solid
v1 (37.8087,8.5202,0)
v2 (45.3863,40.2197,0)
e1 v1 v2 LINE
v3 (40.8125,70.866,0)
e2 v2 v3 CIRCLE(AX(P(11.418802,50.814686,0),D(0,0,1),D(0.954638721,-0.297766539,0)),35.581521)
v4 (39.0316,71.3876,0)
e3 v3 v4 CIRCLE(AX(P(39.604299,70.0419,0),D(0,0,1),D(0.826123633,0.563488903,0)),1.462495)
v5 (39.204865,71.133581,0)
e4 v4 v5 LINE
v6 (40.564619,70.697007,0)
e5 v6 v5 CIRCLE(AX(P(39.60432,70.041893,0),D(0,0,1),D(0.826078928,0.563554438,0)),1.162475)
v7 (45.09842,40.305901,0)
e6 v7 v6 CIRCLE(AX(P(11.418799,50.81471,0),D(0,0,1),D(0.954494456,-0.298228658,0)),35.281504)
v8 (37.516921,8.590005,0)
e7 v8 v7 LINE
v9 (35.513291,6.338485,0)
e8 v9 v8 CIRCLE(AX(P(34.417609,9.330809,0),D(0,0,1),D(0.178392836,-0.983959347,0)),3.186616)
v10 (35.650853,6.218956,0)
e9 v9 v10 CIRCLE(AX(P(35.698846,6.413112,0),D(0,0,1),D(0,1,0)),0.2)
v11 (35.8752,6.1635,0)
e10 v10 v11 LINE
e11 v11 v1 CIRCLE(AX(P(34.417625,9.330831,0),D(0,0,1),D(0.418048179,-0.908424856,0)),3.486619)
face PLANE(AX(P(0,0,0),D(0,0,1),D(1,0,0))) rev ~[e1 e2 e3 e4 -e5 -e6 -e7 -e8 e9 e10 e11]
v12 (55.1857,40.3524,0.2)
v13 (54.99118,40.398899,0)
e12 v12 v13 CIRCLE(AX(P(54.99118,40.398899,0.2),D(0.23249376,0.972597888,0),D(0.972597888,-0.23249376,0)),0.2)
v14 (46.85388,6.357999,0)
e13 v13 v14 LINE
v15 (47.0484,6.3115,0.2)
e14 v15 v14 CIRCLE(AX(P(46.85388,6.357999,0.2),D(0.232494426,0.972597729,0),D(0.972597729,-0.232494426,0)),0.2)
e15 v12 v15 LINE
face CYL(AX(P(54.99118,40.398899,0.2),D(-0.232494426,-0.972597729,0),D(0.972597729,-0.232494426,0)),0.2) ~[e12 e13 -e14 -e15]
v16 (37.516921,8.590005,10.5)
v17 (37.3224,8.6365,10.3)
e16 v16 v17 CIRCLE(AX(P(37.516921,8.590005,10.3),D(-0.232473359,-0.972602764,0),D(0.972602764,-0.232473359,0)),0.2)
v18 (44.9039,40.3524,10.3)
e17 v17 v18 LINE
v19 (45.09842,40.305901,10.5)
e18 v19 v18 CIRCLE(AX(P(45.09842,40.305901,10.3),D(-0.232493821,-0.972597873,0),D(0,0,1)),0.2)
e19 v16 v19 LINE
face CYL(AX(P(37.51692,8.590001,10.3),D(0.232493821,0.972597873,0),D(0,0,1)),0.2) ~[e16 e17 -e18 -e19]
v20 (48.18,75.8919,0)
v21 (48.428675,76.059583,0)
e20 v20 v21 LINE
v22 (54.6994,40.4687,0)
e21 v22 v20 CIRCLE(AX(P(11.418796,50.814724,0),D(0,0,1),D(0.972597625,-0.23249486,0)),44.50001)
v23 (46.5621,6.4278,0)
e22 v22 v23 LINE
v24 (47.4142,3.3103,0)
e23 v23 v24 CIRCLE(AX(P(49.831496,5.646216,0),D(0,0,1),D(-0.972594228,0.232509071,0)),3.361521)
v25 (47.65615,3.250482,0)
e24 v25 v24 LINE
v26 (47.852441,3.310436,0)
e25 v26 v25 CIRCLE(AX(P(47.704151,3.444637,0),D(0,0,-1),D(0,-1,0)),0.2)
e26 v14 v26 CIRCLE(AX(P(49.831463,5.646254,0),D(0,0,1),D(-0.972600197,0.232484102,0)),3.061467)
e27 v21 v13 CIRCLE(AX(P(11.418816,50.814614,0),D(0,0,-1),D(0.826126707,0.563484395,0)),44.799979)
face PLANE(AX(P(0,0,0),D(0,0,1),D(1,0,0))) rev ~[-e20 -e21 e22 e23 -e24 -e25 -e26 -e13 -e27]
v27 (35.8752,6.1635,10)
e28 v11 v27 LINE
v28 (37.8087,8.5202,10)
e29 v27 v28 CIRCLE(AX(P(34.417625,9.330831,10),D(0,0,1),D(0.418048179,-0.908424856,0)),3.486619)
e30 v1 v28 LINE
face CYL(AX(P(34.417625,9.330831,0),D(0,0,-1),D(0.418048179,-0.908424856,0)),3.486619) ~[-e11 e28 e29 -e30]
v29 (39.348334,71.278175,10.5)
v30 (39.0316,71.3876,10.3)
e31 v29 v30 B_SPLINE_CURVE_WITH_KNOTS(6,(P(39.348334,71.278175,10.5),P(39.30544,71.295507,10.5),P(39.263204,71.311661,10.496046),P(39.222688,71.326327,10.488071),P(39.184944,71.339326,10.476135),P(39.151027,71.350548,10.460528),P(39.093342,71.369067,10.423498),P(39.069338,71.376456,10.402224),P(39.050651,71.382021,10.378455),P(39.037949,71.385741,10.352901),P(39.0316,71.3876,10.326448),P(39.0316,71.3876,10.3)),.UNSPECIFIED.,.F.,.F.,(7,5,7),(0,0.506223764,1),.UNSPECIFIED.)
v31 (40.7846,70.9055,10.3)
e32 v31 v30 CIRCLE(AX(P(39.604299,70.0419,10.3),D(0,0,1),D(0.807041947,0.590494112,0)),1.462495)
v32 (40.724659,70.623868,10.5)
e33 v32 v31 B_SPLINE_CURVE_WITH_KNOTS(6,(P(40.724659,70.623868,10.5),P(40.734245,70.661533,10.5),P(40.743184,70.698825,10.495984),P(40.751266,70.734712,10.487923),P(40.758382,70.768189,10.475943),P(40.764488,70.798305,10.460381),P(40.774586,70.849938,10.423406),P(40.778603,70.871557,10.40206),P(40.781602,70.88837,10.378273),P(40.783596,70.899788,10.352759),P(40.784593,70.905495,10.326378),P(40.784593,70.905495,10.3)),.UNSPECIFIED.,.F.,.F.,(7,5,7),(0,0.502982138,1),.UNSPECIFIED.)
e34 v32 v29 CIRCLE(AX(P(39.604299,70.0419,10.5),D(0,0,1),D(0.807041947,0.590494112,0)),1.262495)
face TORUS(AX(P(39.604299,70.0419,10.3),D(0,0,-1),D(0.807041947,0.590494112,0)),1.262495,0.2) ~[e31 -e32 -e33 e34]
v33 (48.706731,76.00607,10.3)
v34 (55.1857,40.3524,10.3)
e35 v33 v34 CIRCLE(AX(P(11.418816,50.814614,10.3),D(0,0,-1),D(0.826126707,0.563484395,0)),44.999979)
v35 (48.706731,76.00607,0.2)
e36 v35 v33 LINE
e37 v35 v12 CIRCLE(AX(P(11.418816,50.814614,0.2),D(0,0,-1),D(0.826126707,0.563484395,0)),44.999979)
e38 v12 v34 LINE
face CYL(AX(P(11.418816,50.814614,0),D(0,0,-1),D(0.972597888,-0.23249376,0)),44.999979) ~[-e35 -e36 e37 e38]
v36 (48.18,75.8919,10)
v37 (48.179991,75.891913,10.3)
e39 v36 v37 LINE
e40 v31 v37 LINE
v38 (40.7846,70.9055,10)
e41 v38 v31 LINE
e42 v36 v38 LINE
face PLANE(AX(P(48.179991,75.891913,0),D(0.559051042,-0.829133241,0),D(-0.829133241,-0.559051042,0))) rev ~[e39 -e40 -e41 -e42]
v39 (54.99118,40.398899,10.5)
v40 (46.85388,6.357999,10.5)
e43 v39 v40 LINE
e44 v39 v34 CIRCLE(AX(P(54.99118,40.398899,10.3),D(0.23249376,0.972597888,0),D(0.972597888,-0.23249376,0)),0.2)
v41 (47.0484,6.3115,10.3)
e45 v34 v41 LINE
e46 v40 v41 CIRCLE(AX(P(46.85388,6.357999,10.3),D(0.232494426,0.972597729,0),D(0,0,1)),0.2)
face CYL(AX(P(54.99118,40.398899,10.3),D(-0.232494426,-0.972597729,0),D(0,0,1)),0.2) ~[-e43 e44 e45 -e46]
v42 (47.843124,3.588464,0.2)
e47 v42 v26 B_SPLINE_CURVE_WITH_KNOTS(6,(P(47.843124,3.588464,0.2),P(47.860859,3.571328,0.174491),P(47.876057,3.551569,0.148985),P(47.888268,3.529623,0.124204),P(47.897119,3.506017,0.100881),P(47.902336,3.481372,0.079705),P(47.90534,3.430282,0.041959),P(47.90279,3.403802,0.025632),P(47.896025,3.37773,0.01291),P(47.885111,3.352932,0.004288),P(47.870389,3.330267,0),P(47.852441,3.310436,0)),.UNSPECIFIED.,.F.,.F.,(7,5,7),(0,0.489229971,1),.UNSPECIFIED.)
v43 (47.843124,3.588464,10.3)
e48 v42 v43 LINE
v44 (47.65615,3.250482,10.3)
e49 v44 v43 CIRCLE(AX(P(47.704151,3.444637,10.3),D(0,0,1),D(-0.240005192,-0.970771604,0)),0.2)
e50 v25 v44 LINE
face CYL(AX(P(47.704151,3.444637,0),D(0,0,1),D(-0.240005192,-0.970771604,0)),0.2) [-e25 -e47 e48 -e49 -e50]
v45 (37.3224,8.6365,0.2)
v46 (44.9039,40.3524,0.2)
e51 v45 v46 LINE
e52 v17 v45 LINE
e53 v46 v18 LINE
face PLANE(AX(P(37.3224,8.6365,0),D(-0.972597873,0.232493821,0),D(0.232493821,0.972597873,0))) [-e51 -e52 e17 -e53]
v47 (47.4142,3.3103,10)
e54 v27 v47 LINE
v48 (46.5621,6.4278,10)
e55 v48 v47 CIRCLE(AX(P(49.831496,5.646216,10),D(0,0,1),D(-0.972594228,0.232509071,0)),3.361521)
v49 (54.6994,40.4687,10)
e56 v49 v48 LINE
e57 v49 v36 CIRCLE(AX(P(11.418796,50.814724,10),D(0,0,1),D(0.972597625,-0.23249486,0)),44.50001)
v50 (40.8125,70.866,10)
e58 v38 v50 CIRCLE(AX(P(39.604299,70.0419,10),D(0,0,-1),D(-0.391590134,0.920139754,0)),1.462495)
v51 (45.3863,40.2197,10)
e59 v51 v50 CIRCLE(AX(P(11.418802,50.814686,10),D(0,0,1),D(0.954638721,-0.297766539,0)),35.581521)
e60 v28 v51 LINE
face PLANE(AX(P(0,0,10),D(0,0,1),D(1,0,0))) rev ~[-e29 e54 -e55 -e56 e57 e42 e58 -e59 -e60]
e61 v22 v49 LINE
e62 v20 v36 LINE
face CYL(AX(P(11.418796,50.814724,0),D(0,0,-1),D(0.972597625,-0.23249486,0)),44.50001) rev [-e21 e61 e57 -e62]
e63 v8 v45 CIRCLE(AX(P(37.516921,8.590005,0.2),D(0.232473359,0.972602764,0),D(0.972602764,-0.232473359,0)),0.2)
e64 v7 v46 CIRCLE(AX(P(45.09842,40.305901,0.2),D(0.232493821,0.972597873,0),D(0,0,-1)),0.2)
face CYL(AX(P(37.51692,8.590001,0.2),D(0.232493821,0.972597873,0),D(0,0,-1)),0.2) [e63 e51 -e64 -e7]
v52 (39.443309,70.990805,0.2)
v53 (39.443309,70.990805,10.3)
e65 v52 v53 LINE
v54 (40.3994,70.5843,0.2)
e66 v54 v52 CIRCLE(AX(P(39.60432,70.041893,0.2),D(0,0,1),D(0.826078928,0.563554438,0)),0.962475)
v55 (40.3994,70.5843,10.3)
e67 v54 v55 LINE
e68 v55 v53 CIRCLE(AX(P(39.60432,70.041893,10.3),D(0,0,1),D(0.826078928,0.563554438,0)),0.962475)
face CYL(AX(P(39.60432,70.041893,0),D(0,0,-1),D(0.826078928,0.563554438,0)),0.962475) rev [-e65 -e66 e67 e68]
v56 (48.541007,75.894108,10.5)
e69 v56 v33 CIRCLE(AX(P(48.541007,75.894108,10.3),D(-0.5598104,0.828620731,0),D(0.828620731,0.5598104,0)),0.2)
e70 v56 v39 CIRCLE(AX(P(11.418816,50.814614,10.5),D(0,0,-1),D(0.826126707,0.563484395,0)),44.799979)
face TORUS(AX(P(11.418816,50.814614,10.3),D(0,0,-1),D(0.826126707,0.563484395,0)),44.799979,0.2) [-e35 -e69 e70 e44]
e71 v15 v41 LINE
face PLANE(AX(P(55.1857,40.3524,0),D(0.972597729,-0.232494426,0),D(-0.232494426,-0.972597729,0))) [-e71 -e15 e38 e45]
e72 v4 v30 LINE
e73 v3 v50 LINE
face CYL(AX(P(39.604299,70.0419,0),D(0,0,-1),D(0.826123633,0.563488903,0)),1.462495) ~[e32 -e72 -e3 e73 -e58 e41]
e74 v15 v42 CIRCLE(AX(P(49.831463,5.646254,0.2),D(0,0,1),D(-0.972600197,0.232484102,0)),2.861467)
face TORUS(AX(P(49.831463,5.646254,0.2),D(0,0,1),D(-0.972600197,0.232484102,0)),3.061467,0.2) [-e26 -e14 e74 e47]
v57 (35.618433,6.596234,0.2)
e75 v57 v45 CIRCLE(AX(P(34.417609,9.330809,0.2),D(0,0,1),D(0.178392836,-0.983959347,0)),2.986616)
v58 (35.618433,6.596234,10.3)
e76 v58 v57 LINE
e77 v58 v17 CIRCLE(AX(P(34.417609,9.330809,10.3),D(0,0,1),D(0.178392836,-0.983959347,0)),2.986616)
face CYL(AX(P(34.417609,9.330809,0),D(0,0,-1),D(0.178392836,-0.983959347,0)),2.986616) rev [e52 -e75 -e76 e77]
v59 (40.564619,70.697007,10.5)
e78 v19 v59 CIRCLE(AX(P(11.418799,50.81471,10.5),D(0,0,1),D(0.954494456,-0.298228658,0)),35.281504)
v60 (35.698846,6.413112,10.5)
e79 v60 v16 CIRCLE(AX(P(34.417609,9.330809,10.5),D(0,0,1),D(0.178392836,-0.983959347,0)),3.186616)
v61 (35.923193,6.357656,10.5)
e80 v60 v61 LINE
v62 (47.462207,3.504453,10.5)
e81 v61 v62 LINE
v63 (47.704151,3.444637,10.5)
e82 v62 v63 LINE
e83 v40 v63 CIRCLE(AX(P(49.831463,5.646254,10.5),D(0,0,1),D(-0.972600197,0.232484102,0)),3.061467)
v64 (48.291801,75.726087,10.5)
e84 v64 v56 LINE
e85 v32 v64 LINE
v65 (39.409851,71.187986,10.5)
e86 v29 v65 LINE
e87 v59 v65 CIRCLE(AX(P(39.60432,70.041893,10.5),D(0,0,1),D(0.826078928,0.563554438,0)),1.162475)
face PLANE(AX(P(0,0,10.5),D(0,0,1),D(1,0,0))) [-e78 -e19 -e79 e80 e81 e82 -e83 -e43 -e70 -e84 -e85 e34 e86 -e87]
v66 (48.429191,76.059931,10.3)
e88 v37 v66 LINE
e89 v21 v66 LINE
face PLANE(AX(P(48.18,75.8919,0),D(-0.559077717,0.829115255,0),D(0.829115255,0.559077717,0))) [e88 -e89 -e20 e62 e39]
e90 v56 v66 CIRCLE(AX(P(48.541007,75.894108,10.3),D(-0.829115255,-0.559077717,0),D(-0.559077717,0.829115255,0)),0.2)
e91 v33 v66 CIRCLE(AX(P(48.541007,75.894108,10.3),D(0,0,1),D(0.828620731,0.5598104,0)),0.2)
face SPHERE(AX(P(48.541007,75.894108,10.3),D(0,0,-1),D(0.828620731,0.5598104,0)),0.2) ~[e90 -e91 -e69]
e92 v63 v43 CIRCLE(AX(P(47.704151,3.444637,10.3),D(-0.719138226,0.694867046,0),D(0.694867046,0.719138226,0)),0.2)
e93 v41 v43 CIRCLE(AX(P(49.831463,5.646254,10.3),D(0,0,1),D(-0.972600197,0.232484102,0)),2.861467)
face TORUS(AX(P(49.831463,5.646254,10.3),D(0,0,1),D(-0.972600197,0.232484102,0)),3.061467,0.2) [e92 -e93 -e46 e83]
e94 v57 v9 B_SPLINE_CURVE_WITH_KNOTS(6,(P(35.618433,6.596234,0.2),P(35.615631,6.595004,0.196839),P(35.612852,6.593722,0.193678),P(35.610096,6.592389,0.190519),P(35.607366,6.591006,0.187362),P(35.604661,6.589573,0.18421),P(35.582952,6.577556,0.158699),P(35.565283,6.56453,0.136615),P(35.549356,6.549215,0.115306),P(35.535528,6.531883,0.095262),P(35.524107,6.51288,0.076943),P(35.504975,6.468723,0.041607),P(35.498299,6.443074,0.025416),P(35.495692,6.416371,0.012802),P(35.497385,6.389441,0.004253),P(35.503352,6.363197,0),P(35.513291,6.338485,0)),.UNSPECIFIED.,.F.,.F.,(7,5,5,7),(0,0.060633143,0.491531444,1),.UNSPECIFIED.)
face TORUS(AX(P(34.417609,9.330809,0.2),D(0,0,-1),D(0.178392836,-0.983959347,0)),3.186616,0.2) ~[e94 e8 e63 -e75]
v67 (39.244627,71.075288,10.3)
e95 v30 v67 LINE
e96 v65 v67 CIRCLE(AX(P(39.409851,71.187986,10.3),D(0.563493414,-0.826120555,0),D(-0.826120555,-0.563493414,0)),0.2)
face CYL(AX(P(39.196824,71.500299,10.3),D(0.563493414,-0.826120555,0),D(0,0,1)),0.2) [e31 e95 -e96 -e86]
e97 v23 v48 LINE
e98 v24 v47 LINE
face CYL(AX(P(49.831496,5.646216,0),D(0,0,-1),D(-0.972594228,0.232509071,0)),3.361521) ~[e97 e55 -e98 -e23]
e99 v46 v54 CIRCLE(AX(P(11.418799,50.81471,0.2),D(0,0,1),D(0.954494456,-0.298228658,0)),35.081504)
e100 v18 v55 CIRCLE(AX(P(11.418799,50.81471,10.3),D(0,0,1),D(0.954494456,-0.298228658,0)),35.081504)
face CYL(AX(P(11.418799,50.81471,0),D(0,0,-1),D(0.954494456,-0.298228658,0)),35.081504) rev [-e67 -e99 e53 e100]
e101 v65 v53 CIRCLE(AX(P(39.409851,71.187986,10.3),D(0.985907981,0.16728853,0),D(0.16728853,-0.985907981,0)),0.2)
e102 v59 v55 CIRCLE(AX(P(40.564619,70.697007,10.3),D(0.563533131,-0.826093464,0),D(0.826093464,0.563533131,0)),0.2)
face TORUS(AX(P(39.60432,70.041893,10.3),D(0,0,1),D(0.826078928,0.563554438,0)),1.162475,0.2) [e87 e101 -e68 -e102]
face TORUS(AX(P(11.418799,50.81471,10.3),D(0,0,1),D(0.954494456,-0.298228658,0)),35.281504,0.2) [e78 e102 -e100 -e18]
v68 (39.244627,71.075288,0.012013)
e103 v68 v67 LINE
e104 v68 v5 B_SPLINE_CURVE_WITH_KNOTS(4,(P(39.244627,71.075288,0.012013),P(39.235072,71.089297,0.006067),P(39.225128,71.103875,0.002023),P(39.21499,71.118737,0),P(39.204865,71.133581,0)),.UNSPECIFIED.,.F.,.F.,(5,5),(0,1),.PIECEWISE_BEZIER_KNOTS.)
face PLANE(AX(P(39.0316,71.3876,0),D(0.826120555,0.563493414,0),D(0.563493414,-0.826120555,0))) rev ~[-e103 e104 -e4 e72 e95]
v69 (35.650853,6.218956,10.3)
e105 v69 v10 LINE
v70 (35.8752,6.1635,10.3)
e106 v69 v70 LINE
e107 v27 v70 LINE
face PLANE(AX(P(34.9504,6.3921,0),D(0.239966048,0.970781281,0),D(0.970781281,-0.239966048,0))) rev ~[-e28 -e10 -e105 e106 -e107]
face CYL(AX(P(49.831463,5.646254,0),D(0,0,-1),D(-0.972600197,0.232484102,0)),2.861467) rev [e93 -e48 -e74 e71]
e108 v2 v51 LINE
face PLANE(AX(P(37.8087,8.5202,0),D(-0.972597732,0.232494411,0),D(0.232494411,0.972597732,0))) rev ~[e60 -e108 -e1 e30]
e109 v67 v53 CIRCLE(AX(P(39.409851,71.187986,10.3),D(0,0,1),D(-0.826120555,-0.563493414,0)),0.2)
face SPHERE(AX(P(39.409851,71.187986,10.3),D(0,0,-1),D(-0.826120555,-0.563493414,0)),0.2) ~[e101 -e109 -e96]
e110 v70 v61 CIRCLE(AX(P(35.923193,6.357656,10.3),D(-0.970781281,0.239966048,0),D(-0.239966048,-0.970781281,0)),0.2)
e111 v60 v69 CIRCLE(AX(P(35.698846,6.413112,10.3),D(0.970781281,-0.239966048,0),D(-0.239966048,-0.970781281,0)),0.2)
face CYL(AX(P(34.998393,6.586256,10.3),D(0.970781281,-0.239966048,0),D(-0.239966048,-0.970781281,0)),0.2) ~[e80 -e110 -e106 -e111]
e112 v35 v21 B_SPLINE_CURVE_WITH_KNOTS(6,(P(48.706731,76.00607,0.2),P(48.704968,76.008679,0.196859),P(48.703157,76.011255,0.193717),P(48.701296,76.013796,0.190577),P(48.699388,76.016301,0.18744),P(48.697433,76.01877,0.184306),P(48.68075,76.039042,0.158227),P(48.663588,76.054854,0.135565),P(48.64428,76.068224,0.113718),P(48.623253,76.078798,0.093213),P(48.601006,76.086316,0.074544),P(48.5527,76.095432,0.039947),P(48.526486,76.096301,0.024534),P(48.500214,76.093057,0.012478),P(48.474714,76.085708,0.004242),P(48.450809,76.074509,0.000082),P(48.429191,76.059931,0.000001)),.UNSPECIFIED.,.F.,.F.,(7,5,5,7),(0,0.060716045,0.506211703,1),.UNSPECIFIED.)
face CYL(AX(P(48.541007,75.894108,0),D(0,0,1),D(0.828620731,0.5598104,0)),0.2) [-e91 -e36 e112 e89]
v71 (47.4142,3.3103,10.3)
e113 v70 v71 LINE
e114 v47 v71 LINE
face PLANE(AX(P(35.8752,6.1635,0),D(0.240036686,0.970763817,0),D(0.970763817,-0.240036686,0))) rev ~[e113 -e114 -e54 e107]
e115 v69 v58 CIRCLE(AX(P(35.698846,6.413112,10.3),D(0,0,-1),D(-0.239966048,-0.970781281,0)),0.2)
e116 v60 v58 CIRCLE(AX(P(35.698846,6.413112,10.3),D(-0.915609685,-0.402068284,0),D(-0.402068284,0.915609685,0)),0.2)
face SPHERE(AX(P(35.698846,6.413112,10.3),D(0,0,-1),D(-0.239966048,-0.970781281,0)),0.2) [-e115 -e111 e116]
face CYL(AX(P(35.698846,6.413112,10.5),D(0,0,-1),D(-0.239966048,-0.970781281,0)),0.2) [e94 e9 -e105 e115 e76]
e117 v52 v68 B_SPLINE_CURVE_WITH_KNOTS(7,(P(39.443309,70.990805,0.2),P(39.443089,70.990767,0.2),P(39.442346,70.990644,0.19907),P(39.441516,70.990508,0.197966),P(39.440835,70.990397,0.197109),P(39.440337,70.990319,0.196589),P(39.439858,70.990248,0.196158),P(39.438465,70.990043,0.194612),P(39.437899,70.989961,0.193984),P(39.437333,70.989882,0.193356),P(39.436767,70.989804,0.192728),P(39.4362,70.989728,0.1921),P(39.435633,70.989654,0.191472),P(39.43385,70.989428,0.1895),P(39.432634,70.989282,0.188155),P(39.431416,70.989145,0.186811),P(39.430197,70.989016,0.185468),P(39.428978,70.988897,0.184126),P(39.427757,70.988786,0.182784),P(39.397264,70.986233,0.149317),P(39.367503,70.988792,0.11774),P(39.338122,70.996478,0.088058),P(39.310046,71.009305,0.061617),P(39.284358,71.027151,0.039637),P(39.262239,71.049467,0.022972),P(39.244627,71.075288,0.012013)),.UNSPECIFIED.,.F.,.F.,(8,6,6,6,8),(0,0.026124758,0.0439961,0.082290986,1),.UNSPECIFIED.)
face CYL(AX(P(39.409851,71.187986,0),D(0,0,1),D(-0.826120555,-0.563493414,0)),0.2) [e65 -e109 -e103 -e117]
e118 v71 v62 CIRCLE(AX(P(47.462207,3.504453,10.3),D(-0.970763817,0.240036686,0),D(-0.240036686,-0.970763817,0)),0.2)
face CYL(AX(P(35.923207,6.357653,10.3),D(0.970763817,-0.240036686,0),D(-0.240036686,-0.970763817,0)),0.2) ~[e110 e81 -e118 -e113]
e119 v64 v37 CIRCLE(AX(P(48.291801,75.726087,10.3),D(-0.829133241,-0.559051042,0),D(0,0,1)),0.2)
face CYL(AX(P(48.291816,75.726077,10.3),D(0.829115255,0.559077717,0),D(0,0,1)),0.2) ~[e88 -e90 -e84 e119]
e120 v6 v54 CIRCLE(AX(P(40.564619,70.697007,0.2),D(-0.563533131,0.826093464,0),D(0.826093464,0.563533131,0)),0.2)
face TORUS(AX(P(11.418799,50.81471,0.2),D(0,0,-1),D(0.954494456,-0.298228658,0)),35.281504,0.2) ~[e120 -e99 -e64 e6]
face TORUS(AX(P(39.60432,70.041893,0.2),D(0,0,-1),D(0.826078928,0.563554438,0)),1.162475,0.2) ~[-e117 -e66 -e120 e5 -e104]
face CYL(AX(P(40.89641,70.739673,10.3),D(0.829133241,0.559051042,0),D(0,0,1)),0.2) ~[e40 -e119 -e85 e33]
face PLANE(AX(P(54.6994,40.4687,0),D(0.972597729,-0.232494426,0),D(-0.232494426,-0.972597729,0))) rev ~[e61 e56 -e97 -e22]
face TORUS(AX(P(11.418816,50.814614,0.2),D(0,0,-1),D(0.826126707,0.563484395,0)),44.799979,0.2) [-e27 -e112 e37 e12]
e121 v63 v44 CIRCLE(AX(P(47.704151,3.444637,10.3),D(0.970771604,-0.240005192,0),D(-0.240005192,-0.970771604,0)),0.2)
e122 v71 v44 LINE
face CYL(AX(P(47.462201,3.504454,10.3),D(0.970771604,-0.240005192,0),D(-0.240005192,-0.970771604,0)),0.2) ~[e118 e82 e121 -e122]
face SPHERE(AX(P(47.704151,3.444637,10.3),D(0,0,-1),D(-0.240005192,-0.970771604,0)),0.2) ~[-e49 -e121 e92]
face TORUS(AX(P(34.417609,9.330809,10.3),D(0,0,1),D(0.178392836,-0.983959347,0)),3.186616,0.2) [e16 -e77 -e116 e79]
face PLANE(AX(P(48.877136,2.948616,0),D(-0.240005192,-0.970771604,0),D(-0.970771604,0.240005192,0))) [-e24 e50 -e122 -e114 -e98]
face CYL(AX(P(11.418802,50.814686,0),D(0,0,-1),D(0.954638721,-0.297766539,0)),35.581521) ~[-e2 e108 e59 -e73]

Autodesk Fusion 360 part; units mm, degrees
sketch "Sketch1" plane through (0, 0, 0) normal (0, 0, 1) x (1, 0, 0)
  arc A0 (40.8125, 70.866) -> (39.0316, 71.3876) centre (39.6043, 70.0419) ccw
  arc A1 (40.3994, 70.5843) -> (39.3219, 70.962) centre (39.6043, 70.0419) ccw
  arc A2 (45.3863, 40.2197) -> (40.8125, 70.866) centre (11.4188, 50.8147) ccw
  arc A3 (44.9039, 40.3524) -> (40.3994, 70.5843) centre (11.4188, 50.8147) ccw
  line L0 (37.8087, 8.5202) -> (45.3863, 40.2197)
  line L1 (37.3224, 8.6365) -> (44.9039, 40.3524)
  arc A4 (34.9504, 6.3921) -> (37.3224, 8.6365) centre (34.4176, 9.3308) ccw
  arc A5 (35.8752, 6.1635) -> (37.8087, 8.5202) centre (34.4176, 9.3308) ccw
  arc A6 (46.5621, 6.4278) -> (47.4142, 3.3103) centre (49.8315, 5.6462) ccw
  line L2 (54.6994, 40.4687) -> (46.5621, 6.4278)
  arc A7 (55.1857, 40.3524) -> (48.5945, 76.1714) centre (11.4188, 50.8147) ccw
  line L3 (55.1857, 40.3524) -> (47.0484, 6.3115)
  arc A8 (47.0484, 6.3115) -> (49.4188, 2.8147) centre (49.8315, 5.6462) ccw
  arc A9 (54.6994, 40.4687) -> (48.18, 75.8919) centre (11.4188, 50.8147) ccw
  line L4 (39.0316, 71.3876) -> (39.3219, 70.962)
  line L5 (49.4188, 2.8147) -> (47.4142, 3.3103)
  line L6 (34.9504, 6.3921) -> (35.8752, 6.1635)
  line L7 (35.8752, 6.1635) -> (47.4142, 3.3103)
  line L8 (48.18, 75.8919) -> (48.5945, 76.1714)
  line L9 (48.5945, 76.1714) -> (40.7846, 70.9055)
  dimension "d1" = 35
  dimension "d2" = 10
  dimension "d3" = 0.5
  dimension "d4" = 0.5
extrude "Extrude1" add sketch "Sketch1" along normal blind 10.5 contours A0 A1 A2 A3 L0 L1 A4 A5 L4 L6 | A0 A2 L0 A5 A6 L2 A9 L7 L9 | A6 L2 A7 L3 A8 A9 L5 L8 L9
extrude "Extrude2" cut sketch "Sketch1" along normal blind 10 contours A0 A1 A2 A3 L0 L1 A4 A5 L4 L6 | A0 A2 L0 A5 A6 L2 A9 L7 L9 | A6 L2 A7 L3 A8 A9 L5 L8 L9
extrude "Extrude3" add sketch "Sketch1" along normal blind 10 contours A0 A1 A2 A3 L0 L1 A4 A5 L4 L6 | A6 L2 A7 L3 A8 A9 L5 L8 L9
fillet "Fillet1" radius 0.2 8 faces at (49.046, 29.0055, 10.5) (39.8496, 19.2085, 3.5) (36.0166, 6.8083, 7) (46.4714, 52.2383, 7) (40.0271, 70.9065, 7) (52.4733, 29.0055, 7) (54.7333, 63.0152, 7) (48.3714, 3.1853, 7)
